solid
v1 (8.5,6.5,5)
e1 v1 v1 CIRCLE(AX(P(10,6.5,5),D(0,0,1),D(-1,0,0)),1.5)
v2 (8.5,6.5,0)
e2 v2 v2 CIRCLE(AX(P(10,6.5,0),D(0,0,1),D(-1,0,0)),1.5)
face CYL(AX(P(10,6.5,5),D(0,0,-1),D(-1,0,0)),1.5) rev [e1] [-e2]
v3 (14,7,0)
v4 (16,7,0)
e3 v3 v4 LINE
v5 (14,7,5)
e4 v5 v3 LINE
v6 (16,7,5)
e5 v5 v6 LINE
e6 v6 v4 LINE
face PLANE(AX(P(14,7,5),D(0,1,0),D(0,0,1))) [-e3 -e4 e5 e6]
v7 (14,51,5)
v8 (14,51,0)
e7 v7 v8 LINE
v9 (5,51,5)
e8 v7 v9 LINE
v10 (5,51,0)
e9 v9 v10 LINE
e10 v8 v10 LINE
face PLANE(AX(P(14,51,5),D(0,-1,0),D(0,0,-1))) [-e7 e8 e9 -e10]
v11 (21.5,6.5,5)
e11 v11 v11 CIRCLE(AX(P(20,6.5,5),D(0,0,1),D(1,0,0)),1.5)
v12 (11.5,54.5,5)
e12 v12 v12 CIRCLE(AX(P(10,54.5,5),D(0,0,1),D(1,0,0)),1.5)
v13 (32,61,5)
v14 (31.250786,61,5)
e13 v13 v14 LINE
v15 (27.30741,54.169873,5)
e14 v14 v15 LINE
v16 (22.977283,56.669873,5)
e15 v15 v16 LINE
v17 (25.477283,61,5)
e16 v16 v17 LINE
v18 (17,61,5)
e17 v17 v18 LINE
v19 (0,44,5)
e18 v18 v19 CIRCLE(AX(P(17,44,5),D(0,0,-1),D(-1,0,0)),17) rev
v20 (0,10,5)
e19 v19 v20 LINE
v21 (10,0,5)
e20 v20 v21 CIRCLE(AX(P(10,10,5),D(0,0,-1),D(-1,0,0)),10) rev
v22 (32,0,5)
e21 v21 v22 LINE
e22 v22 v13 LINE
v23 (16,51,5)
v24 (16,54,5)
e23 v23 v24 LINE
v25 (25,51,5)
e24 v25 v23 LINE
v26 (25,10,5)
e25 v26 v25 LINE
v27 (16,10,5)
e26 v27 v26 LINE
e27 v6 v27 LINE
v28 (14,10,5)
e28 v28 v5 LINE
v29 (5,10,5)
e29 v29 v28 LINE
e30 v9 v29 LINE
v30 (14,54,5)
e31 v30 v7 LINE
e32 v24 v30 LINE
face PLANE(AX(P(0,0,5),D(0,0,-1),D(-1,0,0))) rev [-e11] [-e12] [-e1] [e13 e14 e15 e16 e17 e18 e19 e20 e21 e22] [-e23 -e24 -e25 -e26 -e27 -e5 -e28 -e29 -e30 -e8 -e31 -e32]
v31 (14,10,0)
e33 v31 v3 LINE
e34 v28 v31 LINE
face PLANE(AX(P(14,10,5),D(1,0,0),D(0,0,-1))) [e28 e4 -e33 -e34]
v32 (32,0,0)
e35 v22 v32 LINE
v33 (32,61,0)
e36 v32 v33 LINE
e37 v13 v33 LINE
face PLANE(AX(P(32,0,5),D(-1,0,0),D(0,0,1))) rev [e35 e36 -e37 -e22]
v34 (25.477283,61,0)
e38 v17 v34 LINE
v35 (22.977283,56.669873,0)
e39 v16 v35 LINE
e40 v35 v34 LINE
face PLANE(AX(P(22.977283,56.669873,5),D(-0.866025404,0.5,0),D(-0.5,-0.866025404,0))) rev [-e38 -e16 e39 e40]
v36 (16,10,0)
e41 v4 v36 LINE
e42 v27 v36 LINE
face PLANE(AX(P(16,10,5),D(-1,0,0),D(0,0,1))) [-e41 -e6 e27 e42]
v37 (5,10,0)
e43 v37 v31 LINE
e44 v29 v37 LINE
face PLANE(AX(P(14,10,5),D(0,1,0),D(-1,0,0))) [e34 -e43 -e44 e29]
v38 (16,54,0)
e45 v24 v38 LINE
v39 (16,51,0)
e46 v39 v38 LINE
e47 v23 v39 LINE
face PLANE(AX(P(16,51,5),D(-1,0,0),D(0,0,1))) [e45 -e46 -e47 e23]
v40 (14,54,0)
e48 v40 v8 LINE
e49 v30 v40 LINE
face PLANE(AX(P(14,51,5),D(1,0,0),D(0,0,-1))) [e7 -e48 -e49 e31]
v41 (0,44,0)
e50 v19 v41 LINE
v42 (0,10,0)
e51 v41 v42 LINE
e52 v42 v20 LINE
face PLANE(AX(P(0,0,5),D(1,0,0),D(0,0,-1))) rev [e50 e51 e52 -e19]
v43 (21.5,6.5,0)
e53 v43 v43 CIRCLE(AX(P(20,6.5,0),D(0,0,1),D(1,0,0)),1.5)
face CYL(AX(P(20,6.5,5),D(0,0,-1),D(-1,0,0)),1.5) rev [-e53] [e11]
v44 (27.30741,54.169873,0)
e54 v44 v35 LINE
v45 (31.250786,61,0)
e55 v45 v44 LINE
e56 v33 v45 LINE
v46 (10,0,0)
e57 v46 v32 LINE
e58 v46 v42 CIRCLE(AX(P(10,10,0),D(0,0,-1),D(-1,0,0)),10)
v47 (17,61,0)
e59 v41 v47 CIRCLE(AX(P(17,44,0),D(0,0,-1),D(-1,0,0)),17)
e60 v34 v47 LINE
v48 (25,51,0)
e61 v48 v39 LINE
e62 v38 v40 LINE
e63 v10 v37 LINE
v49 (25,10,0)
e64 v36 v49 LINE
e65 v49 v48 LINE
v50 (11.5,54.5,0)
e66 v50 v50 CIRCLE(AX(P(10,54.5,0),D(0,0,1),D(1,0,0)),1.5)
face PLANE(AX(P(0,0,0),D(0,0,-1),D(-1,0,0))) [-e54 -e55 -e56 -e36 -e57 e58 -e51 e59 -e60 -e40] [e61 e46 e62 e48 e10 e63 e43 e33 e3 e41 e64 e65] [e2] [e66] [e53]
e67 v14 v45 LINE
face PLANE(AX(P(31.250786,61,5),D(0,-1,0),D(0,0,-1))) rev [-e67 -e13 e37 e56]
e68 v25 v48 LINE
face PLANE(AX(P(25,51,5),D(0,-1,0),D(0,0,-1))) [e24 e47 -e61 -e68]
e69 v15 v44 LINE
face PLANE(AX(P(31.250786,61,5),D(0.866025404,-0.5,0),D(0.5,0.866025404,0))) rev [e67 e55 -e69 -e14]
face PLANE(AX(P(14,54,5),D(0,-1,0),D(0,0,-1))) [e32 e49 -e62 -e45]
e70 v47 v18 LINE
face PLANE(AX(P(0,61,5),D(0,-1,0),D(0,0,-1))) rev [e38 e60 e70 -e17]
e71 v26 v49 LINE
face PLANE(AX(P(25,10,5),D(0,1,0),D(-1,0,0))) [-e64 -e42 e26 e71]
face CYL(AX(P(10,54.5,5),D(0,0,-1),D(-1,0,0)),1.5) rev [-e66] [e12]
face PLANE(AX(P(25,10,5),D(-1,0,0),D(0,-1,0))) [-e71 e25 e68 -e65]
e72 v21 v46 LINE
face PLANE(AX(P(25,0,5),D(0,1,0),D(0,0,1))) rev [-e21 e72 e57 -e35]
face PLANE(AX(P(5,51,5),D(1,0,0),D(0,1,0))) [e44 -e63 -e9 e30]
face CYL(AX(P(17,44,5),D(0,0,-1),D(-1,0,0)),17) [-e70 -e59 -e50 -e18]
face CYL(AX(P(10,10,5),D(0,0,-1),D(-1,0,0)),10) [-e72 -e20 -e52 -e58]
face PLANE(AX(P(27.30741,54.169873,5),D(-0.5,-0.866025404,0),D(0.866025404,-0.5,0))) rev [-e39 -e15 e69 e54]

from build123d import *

# Parameters (mm, degrees)
ESQUISSE1_R        = 1.5
BOSS_EXTRU_1_DEPTH = 5
CONG_1_R           = 17
CONG_2_R           = 10


with BuildPart() as part:
    # Esquisse1 → Boss.-Extru.1 (new body)
    with BuildSketch(Plane.XY):
        Polygon((0, 0), (25, 0), (32, 0), (32, 61), (31.250785563, 61), (27.30740989, 54.169872981), (22.977282871, 56.669872981), (25.477282871, 61), (15, 61), (0, 61), align=None)
        with Locations((10, 54.5)):
            Circle(ESQUISSE1_R, mode=Mode.SUBTRACT)
        with Locations((20, 6.5)):
            Circle(ESQUISSE1_R, mode=Mode.SUBTRACT)
        with Locations(Location((10, 6.5, 0), (0, 0, 180))):
            Circle(ESQUISSE1_R, mode=Mode.SUBTRACT)
        Polygon((14, 51), (5, 51), (5, 10), (14, 10), (14, 7), (16, 7), (16, 10), (25, 10), (25, 51), (16, 51), (16, 54), (14, 54), align=None, mode=Mode.SUBTRACT)
    extrude(amount=BOSS_EXTRU_1_DEPTH)

    # Congé1
    cong_1_edges = [part.edges().sort_by_distance(p)[0] for p in [
        (0, 61, 2.5),
    ]]
    fillet(cong_1_edges, radius=CONG_1_R)

    # Congé2
    cong_2_edges = [part.edges().sort_by_distance(p)[0] for p in [
        (0, 0, 2.5),
    ]]
    fillet(cong_2_edges, radius=CONG_2_R)


solid = part.part
